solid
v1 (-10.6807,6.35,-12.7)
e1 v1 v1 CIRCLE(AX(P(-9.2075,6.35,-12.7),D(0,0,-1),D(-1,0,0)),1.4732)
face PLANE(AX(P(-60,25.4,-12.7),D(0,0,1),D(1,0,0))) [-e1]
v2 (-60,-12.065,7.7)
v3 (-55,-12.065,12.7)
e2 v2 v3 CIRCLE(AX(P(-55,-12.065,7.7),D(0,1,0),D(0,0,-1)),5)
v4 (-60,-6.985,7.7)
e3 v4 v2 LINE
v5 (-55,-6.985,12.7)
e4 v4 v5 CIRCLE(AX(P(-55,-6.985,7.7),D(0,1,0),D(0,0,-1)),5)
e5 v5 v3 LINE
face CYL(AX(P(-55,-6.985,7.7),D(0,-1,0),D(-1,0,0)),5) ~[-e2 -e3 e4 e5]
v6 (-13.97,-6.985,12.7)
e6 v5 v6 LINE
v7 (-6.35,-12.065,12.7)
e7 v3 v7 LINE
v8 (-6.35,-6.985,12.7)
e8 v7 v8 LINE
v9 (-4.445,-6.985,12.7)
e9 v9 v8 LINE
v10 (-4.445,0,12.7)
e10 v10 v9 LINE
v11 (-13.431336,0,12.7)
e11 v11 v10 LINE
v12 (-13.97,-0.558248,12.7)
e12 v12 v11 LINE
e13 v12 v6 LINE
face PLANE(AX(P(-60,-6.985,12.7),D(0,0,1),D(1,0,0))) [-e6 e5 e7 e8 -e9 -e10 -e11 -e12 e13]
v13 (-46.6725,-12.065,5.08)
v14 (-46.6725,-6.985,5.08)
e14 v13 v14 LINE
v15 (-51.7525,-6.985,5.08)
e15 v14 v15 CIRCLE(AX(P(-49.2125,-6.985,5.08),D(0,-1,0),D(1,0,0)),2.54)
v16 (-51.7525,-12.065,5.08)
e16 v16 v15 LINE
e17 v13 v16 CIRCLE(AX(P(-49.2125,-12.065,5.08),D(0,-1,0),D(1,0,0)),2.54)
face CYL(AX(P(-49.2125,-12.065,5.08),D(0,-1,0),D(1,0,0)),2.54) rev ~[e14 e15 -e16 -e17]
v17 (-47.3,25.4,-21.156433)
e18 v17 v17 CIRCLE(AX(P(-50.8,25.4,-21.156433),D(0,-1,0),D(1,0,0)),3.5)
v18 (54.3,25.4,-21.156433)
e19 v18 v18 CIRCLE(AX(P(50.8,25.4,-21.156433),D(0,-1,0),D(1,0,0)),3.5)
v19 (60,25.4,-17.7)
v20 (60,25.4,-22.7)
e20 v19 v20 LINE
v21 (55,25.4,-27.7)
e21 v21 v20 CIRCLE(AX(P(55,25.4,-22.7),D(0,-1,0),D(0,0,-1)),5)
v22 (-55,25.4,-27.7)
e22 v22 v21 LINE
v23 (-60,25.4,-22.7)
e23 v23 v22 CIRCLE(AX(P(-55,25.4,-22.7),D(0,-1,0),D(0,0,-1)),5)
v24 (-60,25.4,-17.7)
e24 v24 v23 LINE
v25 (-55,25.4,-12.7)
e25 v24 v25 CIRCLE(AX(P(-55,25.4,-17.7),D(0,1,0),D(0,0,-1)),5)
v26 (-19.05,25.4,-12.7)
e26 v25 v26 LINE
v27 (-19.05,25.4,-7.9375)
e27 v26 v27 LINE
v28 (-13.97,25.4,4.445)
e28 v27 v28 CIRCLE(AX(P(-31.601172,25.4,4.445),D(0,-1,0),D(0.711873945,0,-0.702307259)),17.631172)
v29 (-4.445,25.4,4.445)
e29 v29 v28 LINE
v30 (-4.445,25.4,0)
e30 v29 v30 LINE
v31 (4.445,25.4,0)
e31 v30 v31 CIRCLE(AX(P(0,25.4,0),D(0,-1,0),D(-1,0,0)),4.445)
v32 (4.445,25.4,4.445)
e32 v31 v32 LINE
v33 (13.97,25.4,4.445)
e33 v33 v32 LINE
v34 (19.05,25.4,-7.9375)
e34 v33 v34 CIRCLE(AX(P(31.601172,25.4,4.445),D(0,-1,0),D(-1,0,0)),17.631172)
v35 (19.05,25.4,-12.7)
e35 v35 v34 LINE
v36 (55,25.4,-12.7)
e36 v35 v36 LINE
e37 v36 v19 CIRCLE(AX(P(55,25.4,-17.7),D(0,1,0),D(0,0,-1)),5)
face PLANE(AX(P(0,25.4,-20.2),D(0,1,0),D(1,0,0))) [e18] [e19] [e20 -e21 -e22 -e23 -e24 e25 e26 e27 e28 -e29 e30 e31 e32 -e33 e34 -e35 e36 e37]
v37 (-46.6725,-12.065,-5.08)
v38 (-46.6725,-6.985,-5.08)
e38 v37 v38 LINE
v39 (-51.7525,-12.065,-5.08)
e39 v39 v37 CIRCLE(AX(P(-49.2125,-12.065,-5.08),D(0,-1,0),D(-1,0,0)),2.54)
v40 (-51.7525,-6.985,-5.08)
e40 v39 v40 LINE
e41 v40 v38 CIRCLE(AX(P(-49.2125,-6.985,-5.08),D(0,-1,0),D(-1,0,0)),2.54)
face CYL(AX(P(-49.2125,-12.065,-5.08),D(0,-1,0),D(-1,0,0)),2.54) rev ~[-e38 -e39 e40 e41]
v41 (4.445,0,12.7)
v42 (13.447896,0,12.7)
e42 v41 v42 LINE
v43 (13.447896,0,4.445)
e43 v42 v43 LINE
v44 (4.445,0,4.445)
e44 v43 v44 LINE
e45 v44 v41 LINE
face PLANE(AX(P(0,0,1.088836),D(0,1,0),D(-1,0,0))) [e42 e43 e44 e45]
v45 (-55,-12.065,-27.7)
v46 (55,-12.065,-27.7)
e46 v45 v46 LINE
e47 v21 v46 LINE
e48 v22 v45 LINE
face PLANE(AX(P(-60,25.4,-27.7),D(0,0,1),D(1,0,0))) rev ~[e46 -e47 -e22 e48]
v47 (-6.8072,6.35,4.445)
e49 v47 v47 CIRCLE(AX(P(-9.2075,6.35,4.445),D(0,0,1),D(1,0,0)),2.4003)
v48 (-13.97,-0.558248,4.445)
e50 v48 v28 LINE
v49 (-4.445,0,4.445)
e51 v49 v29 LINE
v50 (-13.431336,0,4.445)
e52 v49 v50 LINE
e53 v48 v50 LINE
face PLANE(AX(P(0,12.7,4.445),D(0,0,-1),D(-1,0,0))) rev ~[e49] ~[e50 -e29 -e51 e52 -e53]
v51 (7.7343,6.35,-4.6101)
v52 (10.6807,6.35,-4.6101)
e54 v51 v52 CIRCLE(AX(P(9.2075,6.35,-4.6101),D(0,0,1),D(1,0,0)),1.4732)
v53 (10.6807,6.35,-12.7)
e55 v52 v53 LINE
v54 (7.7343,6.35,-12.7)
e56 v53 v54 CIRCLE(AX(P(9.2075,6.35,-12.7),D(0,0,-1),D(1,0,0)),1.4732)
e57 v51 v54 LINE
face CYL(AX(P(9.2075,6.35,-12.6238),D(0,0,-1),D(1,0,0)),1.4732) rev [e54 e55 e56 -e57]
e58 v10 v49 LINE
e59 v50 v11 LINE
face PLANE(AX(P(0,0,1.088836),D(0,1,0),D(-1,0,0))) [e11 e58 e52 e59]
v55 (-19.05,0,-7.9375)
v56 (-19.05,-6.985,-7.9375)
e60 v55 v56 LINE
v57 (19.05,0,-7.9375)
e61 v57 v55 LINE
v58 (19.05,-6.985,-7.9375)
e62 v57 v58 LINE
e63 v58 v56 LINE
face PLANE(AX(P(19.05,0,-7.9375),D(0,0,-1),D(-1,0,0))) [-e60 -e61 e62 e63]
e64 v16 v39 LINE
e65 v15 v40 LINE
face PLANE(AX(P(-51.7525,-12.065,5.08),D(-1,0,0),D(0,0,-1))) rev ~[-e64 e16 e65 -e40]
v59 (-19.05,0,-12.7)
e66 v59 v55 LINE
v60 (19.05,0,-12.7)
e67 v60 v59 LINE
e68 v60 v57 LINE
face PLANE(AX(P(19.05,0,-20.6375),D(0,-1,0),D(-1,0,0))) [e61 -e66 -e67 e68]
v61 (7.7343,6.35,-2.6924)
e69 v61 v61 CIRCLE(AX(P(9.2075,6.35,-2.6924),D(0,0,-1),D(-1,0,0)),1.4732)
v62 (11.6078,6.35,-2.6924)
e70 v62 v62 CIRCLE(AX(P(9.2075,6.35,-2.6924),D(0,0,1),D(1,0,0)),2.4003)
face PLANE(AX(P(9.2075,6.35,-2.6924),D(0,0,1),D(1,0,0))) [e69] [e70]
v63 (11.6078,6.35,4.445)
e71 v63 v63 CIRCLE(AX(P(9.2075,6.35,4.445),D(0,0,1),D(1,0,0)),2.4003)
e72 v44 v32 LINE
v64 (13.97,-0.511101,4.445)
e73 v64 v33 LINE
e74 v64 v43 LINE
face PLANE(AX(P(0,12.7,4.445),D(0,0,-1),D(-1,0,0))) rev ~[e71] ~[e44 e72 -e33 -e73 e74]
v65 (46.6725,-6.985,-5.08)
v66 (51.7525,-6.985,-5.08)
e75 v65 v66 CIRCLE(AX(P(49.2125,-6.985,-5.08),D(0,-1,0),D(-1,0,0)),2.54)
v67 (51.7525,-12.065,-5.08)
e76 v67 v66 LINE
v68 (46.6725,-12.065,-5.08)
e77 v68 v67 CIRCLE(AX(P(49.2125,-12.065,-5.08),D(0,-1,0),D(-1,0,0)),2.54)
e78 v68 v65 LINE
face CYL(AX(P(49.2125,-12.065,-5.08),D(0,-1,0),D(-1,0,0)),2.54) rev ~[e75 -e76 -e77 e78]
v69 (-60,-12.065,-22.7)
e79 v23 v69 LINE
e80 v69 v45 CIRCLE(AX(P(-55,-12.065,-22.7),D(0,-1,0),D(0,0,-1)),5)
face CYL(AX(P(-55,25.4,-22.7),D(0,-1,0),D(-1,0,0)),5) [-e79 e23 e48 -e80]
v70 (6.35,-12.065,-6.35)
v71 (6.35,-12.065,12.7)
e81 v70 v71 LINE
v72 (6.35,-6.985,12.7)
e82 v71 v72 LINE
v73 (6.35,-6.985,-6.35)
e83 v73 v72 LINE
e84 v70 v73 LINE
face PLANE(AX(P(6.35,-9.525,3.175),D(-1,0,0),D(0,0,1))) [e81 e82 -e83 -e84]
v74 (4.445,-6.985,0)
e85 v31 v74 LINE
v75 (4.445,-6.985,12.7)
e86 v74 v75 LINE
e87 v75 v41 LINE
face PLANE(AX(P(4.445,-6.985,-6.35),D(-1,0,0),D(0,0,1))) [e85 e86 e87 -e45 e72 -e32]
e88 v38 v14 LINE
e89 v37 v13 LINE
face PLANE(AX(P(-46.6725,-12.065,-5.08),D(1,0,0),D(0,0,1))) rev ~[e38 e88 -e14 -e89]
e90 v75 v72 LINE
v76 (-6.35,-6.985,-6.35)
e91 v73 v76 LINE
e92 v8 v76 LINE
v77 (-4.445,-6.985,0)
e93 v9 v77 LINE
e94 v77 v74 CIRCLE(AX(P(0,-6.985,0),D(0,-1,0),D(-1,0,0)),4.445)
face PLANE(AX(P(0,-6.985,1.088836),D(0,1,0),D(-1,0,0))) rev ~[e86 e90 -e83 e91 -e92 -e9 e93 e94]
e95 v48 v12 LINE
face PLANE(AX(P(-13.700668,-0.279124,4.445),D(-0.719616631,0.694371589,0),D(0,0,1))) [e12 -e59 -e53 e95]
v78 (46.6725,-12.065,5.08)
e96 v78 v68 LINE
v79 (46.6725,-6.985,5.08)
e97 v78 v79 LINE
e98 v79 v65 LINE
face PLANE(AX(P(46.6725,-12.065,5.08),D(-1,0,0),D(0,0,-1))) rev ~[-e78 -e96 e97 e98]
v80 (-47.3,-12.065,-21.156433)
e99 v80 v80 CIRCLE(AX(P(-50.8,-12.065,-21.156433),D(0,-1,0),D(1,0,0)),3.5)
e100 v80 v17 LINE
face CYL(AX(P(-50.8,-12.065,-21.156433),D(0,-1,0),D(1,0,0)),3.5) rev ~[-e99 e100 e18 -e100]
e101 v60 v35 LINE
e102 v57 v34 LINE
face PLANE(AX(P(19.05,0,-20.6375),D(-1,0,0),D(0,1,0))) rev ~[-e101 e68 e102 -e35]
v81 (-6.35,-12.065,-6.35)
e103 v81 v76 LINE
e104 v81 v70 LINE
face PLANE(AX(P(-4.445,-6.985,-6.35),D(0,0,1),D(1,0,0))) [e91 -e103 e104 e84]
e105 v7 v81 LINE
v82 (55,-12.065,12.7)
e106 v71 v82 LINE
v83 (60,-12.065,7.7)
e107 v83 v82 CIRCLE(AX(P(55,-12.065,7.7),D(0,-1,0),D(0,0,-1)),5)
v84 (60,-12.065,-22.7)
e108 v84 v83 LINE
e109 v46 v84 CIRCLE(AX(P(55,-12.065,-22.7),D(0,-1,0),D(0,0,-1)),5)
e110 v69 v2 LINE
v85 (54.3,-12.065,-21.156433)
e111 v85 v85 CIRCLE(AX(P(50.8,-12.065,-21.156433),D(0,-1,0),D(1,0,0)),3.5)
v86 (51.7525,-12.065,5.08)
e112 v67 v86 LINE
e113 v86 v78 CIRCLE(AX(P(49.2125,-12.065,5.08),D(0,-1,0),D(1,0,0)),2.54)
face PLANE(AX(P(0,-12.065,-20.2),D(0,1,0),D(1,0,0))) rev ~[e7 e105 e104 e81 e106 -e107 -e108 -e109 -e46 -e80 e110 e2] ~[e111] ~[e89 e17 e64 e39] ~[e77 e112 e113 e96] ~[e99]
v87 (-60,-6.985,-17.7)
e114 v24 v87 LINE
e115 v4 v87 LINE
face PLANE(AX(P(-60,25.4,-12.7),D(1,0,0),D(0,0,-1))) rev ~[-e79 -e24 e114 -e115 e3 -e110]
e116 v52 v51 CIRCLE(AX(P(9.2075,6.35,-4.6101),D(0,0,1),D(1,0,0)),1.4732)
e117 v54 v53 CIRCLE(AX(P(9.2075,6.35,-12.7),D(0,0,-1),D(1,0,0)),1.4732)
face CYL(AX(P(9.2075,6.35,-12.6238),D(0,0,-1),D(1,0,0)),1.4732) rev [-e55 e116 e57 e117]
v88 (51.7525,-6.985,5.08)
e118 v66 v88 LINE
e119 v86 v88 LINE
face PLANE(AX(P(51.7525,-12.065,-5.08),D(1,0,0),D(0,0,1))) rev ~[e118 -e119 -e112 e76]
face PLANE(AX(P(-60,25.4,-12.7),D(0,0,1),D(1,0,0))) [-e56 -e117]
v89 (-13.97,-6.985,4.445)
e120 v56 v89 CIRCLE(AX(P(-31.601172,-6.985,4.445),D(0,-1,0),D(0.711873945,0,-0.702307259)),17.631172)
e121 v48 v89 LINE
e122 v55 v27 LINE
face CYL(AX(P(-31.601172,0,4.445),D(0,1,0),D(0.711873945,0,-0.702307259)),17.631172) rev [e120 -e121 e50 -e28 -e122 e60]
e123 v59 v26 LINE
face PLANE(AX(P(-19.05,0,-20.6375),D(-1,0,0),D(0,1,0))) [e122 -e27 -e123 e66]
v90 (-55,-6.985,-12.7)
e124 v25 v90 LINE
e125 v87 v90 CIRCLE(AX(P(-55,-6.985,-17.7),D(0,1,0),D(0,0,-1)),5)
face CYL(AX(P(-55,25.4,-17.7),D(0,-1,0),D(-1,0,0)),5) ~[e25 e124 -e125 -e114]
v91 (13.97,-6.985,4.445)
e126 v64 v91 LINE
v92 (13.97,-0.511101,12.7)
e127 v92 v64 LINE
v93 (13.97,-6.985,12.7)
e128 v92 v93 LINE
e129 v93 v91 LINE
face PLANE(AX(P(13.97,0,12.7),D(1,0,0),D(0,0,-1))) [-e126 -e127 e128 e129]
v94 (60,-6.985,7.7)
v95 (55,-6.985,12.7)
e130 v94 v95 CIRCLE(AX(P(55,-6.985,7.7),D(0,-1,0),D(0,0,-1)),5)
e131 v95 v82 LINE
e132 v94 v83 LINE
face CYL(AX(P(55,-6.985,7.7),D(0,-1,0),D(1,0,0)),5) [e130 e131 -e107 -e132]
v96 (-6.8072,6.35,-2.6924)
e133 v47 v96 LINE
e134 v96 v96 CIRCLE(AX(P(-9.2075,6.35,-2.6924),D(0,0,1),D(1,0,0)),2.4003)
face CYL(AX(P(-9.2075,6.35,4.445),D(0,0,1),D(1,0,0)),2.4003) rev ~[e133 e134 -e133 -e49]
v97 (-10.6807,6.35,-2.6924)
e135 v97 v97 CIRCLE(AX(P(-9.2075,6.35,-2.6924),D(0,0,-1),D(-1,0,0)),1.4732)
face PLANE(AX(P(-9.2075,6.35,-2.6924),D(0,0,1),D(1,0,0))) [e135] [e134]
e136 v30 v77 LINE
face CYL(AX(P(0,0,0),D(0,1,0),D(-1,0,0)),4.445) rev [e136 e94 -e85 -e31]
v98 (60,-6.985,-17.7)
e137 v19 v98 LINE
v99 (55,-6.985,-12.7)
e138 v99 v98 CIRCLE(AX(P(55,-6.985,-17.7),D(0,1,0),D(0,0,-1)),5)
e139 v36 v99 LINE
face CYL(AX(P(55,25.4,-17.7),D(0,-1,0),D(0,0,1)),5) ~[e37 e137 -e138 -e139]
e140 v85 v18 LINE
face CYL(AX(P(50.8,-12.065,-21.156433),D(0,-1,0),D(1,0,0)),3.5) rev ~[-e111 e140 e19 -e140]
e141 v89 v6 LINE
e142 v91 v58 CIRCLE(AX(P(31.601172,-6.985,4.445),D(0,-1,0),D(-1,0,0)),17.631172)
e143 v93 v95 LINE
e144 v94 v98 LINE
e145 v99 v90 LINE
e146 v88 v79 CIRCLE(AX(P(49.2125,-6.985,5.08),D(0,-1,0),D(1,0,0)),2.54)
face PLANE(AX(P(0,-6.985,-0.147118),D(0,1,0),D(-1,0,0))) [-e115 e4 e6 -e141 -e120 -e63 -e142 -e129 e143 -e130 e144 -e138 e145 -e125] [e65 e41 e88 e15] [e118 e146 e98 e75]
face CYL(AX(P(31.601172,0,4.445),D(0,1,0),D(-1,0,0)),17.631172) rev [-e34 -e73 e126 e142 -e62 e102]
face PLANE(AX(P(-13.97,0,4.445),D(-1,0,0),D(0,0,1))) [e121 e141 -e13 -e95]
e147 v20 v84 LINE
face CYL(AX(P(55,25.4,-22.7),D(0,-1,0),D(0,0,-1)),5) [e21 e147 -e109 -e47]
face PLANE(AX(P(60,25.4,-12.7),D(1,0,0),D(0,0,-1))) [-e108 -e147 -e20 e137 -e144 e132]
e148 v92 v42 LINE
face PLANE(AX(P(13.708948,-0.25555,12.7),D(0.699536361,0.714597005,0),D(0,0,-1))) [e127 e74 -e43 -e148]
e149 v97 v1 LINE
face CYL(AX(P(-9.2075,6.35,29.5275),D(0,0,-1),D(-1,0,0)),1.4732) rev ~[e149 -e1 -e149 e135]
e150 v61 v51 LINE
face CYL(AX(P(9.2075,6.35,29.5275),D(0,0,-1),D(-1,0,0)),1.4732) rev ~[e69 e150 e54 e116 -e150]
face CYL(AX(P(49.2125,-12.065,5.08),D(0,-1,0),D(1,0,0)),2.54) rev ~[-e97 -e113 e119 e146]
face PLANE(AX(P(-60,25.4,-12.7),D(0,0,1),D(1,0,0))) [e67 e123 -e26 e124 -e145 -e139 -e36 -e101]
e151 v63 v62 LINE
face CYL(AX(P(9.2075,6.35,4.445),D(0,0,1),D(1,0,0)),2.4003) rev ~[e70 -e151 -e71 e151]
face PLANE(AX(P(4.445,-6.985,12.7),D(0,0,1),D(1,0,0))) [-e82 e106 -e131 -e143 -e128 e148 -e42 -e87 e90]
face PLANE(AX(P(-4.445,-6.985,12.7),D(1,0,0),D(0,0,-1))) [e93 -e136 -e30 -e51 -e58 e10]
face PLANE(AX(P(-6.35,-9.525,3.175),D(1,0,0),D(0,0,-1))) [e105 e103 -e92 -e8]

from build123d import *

# Parameters (mm, degrees)
SKETCH1_W                  = 38.1
SKETCH1_H                  = 25.4
BOSS_EXTRUDE1_DEPTH        = 25.0825
CUT_EXTRUDE3_DEPTH         = 26.4
CUT_EXTRUDE4_DEPTH         = 26.4
CUT_EXTRUDE5_DEPTH         = 26.4
BOSS_EXTRUDE2_DEPTH        = 6.985
BOSS_EXTRUDE3_DEPTH        = 5.08
SKETCH29_W                 = 19.05
SKETCH29_H                 = 5.08
CUT_EXTRUDE6_DEPTH         = 1.905
SKETCH30_W                 = 19.05
SKETCH30_H                 = 5.08
CUT_EXTRUDE7_DEPTH         = 1.905
CUT_EXTRUDE10_REACH        = 39.465
CUT_EXTRUDE11_REACH        = 39.465
SKETCH77_W                 = 1.4732
SKETCH77_H                 = 16.0274
M2_5_CLEARANCE_HOLE1_D     = 2.9464
M2_5_CLEARANCE_HOLE1_DEPTH = 25.0825
CHAMFER1_SIZE              = 0.511100582
CHAMFER1_SIZE2             = 0.522104304
CHAMFER2_SIZE              = 0.558247665
CHAMFER2_SIZE2             = 0.538663646
SKETCH80_W                 = 38.1
SKETCH80_H                 = 25.4
CUT_EXTRUDE13_DEPTH        = 7.9375
SKETCH81_W                 = 120
SKETCH81_H                 = 15
BOSS_EXTRUDE4_DEPTH        = 37.465
SKETCH82_R                 = 3.5
CUT_EXTRUDE14_DEPTH        = 38.465
FILLET3_R                  = 5
FILLET4_R                  = 5
FILLET5_R                  = 5
SKETCH83_R                 = 2.4003
CUT_EXTRUDE15_DEPTH        = 7.1374


with BuildPart() as part:
    # Sketch1 → Boss-Extrude1 (new body)
    with BuildSketch(Plane(origin=(0, 0, -20.6375), x_dir=(-1, 0, 0), z_dir=(0, 0, -1))):
        with Locations((0, 12.7)):
            Rectangle(SKETCH1_W, SKETCH1_H)
    extrude(amount=-BOSS_EXTRUDE1_DEPTH)

    # Sketch18 → Cut-Extrude3 (cut, through all)
    with BuildSketch(Plane(origin=(0, 0, 0), x_dir=(-1, 0, 0), z_dir=(0, -1, 0))):
        with BuildLine():
            Line((13.97, -4.445), (19.05, -4.445))
            Line((19.05, -4.445), (19.05, 7.9375))
            ThreePointArc((19.05, 7.9375), (15.289364951, 2.247023353), (13.97, -4.445))
        make_face()
    extrude(amount=-CUT_EXTRUDE3_DEPTH, mode=Mode.SUBTRACT)

    # Sketch19 → Cut-Extrude4 (cut, through all)
    with BuildSketch(Plane.XZ):
        with BuildLine():
            Line((4.445, 4.445), (-4.445, 4.445))
            Line((-4.445, 4.445), (-4.445, 0))
            ThreePointArc((-4.445, 0), (0, -4.445), (4.445, 0))
            Line((4.445, 0), (4.445, 4.445))
        make_face()
    extrude(amount=-CUT_EXTRUDE4_DEPTH, mode=Mode.SUBTRACT)

    # Sketch20 → Cut-Extrude5 (cut, through all)
    with BuildSketch(Plane.XZ):
        with BuildLine():
            Line((19.05, -7.9375), (19.05, 4.445))
            Line((19.05, 4.445), (13.97, 4.445))
            ThreePointArc((13.97, 4.445), (15.289364951, -2.247023353), (19.05, -7.9375))
        make_face()
    extrude(amount=-CUT_EXTRUDE5_DEPTH, mode=Mode.SUBTRACT)

    # Sketch21 → Boss-Extrude2 (add)
    with BuildSketch(Plane.XZ):
        with BuildLine():
            Line((4.445, 0), (4.445, 12.7))
            Line((4.445, 12.7), (13.97, 12.7))
            Line((13.97, 12.7), (13.97, 4.445))
            ThreePointArc((13.97, 4.445), (15.289364951, -2.247023353), (19.05, -7.9375))
            Line((19.05, -7.9375), (-19.05, -7.9375))
            ThreePointArc((-19.05, -7.9375), (-15.289364951, -2.247023353), (-13.97, 4.445))
            Line((-13.97, 4.445), (-13.97, 12.7))
            Line((-13.97, 12.7), (-4.445, 12.7))
            Line((-4.445, 12.7), (-4.445, 0))
            ThreePointArc((-4.445, 0), (0, -4.445), (4.445, 0))
        make_face()
    extrude(amount=BOSS_EXTRUDE2_DEPTH)

    # Sketch22 → Boss-Extrude3 (add)
    with BuildSketch(Plane.XZ.offset(6.985)):
        Polygon((-4.445, -6.35), (4.445, -6.35), (4.445, 12.7), (60, 12.7), (60, -12.7), (-60, -12.7), (-60, 12.7), (-4.445, 12.7), align=None)
    extrude(amount=BOSS_EXTRUDE3_DEPTH)

    # Sketch29 → Cut-Extrude6 (cut)
    with BuildSketch(Plane.ZY.offset(-4.445)):
        with Locations((3.175, -9.525)):
            Rectangle(SKETCH29_W, SKETCH29_H)
    extrude(amount=-CUT_EXTRUDE6_DEPTH, mode=Mode.SUBTRACT)

    # Sketch30 → Cut-Extrude7 (cut)
    with BuildSketch(Plane(origin=(-4.445, 0, 0), x_dir=(0, 0, -1), z_dir=(1, 0, 0))):
        with Locations((-3.175, -9.525)):
            Rectangle(SKETCH30_W, SKETCH30_H)
    extrude(amount=-CUT_EXTRUDE7_DEPTH, mode=Mode.SUBTRACT)

    # Sketch48 → Cut-Extrude10 (cut, up to next)
    with BuildSketch(Plane(origin=(0, -12.065, 0), x_dir=(-1, 0, 0), z_dir=(0, -1, 0)), mode=Mode.PRIVATE) as cut_extrude10_sk1:
        with BuildLine():
            Line((-51.7525, 5.08), (-51.7525, -5.08))
            ThreePointArc((-51.7525, -5.08), (-49.2125, -7.62), (-46.6725, -5.08))
            Line((-46.6725, -5.08), (-46.6725, 5.08))
            ThreePointArc((-46.6725, 5.08), (-49.2125, 7.62), (-51.7525, 5.08))
        make_face()
    cut_extrude10_tool1 = extrude(cut_extrude10_sk1.sketch, amount=-CUT_EXTRUDE10_REACH, mode=Mode.PRIVATE) & part.part
    add(cut_extrude10_tool1.solids().sort_by_distance((49.2125, -12.065, 0))[0], mode=Mode.SUBTRACT)

    # Sketch57 → Cut-Extrude11 (cut, up to next)
    with BuildSketch(Plane(origin=(0, -12.065, 0), x_dir=(-1, 0, 0), z_dir=(0, -1, 0)), mode=Mode.PRIVATE) as cut_extrude11_sk1:
        with BuildLine():
            Line((46.6725, 5.08), (46.6725, -5.08))
            ThreePointArc((46.6725, -5.08), (49.2125, -7.62), (51.7525, -5.08))
            Line((51.7525, -5.08), (51.7525, 5.08))
            ThreePointArc((51.7525, 5.08), (49.2125, 7.62), (46.6725, 5.08))
        make_face()
    cut_extrude11_tool1 = extrude(cut_extrude11_sk1.sketch, amount=-CUT_EXTRUDE11_REACH, mode=Mode.PRIVATE) & part.part
    add(cut_extrude11_tool1.solids().sort_by_distance((-49.2125, -12.065, 0))[0], mode=Mode.SUBTRACT)

    # Sketch77 → Cut-Revolve2 (revolve, cut)
    with BuildSketch(Plane(origin=(0, 6.35, 0), x_dir=(1, 0, 0), z_dir=(0, 1, 0))):
        with Locations((9.9441, 12.6238)):
            Rectangle(SKETCH77_W, SKETCH77_H)
    revolve(axis=Axis((9.2075, 6.35, -20.6375), (0, 0, 1)), mode=Mode.SUBTRACT)

    # M2.5 Clearance Hole1
    with Locations(Plane.XY.offset(4.445)):
        with Locations((9.2075, 6.35), (-9.2075, 6.35)):
            Hole(M2_5_CLEARANCE_HOLE1_D / 2, depth=M2_5_CLEARANCE_HOLE1_DEPTH)

    # Chamfer1
    chamfer1_edges = [part.edges().sort_by_distance(p)[0] for p in [
        (13.97, 0, 8.5725),
    ]]
    chamfer1_side = [part.faces().sort_by_distance(p)[0] for p in [
        (13.97, -3.4925, 8.5725),
    ]]
    chamfer(chamfer1_edges, length=CHAMFER1_SIZE, length2=CHAMFER1_SIZE2, reference=chamfer1_side[0])

    # Chamfer2
    chamfer2_edges = [part.edges().sort_by_distance(p)[0] for p in [
        (-13.97, 0, 8.5725),
    ]]
    chamfer2_side = [part.faces().sort_by_distance(p)[0] for p in [
        (-13.97, -3.4925, 8.5725),
    ]]
    chamfer(chamfer2_edges, length=CHAMFER2_SIZE, length2=CHAMFER2_SIZE2, reference=chamfer2_side[0])

    # Sketch80 → Cut-Extrude13 (cut)
    with BuildSketch(Plane(origin=(0, 0, -20.6375), x_dir=(-1, 0, 0), z_dir=(0, 0, -1))):
        with Locations((0, 12.7)):
            Rectangle(SKETCH80_W, SKETCH80_H)
    extrude(amount=-CUT_EXTRUDE13_DEPTH, mode=Mode.SUBTRACT)

    # Sketch81 → Boss-Extrude4 (add)
    with BuildSketch(Plane(origin=(0, 25.4, 0), x_dir=(1, 0, 0), z_dir=(0, 1, 0))):
        with Locations((0, 20.2)):
            Rectangle(SKETCH81_W, SKETCH81_H)
    extrude(amount=-BOSS_EXTRUDE4_DEPTH)

    # Sketch82 → Cut-Extrude14 (cut, through all)
    with BuildSketch(Plane.XZ.offset(12.065)):
        with Locations((-50.8, -21.156433146)):
            Circle(SKETCH82_R)
        with Locations((50.8, -21.156433146)):
            Circle(SKETCH82_R)
    extrude(amount=-CUT_EXTRUDE14_DEPTH, mode=Mode.SUBTRACT)

    # Fillet3
    fillet3_edges = [part.edges().sort_by_distance(p)[0] for p in [
        (60, 6.6675, -27.7),
        (-60, 6.6675, -27.7),
    ]]
    fillet(fillet3_edges, radius=FILLET3_R)

    # Fillet4
    fillet4_edges = [part.edges().sort_by_distance(p)[0] for p in [
        (60, 9.2075, -12.7),
        (-60, 9.2075, -12.7),
    ]]
    fillet(fillet4_edges, radius=FILLET4_R)

    # Fillet5
    fillet5_edges = [part.edges().sort_by_distance(p)[0] for p in [
        (-60, -9.525, 12.7),
        (60, -9.525, 12.7),
    ]]
    fillet(fillet5_edges, radius=FILLET5_R)

    # Sketch83 → Cut-Extrude15 (cut)
    with BuildSketch(Plane.XY.offset(4.445)):
        with Locations((-9.2075, 6.35)):
            Circle(SKETCH83_R)
        with Locations((9.2075, 6.35)):
            Circle(SKETCH83_R)
    extrude(amount=-CUT_EXTRUDE15_DEPTH, mode=Mode.SUBTRACT)


solid = part.part
